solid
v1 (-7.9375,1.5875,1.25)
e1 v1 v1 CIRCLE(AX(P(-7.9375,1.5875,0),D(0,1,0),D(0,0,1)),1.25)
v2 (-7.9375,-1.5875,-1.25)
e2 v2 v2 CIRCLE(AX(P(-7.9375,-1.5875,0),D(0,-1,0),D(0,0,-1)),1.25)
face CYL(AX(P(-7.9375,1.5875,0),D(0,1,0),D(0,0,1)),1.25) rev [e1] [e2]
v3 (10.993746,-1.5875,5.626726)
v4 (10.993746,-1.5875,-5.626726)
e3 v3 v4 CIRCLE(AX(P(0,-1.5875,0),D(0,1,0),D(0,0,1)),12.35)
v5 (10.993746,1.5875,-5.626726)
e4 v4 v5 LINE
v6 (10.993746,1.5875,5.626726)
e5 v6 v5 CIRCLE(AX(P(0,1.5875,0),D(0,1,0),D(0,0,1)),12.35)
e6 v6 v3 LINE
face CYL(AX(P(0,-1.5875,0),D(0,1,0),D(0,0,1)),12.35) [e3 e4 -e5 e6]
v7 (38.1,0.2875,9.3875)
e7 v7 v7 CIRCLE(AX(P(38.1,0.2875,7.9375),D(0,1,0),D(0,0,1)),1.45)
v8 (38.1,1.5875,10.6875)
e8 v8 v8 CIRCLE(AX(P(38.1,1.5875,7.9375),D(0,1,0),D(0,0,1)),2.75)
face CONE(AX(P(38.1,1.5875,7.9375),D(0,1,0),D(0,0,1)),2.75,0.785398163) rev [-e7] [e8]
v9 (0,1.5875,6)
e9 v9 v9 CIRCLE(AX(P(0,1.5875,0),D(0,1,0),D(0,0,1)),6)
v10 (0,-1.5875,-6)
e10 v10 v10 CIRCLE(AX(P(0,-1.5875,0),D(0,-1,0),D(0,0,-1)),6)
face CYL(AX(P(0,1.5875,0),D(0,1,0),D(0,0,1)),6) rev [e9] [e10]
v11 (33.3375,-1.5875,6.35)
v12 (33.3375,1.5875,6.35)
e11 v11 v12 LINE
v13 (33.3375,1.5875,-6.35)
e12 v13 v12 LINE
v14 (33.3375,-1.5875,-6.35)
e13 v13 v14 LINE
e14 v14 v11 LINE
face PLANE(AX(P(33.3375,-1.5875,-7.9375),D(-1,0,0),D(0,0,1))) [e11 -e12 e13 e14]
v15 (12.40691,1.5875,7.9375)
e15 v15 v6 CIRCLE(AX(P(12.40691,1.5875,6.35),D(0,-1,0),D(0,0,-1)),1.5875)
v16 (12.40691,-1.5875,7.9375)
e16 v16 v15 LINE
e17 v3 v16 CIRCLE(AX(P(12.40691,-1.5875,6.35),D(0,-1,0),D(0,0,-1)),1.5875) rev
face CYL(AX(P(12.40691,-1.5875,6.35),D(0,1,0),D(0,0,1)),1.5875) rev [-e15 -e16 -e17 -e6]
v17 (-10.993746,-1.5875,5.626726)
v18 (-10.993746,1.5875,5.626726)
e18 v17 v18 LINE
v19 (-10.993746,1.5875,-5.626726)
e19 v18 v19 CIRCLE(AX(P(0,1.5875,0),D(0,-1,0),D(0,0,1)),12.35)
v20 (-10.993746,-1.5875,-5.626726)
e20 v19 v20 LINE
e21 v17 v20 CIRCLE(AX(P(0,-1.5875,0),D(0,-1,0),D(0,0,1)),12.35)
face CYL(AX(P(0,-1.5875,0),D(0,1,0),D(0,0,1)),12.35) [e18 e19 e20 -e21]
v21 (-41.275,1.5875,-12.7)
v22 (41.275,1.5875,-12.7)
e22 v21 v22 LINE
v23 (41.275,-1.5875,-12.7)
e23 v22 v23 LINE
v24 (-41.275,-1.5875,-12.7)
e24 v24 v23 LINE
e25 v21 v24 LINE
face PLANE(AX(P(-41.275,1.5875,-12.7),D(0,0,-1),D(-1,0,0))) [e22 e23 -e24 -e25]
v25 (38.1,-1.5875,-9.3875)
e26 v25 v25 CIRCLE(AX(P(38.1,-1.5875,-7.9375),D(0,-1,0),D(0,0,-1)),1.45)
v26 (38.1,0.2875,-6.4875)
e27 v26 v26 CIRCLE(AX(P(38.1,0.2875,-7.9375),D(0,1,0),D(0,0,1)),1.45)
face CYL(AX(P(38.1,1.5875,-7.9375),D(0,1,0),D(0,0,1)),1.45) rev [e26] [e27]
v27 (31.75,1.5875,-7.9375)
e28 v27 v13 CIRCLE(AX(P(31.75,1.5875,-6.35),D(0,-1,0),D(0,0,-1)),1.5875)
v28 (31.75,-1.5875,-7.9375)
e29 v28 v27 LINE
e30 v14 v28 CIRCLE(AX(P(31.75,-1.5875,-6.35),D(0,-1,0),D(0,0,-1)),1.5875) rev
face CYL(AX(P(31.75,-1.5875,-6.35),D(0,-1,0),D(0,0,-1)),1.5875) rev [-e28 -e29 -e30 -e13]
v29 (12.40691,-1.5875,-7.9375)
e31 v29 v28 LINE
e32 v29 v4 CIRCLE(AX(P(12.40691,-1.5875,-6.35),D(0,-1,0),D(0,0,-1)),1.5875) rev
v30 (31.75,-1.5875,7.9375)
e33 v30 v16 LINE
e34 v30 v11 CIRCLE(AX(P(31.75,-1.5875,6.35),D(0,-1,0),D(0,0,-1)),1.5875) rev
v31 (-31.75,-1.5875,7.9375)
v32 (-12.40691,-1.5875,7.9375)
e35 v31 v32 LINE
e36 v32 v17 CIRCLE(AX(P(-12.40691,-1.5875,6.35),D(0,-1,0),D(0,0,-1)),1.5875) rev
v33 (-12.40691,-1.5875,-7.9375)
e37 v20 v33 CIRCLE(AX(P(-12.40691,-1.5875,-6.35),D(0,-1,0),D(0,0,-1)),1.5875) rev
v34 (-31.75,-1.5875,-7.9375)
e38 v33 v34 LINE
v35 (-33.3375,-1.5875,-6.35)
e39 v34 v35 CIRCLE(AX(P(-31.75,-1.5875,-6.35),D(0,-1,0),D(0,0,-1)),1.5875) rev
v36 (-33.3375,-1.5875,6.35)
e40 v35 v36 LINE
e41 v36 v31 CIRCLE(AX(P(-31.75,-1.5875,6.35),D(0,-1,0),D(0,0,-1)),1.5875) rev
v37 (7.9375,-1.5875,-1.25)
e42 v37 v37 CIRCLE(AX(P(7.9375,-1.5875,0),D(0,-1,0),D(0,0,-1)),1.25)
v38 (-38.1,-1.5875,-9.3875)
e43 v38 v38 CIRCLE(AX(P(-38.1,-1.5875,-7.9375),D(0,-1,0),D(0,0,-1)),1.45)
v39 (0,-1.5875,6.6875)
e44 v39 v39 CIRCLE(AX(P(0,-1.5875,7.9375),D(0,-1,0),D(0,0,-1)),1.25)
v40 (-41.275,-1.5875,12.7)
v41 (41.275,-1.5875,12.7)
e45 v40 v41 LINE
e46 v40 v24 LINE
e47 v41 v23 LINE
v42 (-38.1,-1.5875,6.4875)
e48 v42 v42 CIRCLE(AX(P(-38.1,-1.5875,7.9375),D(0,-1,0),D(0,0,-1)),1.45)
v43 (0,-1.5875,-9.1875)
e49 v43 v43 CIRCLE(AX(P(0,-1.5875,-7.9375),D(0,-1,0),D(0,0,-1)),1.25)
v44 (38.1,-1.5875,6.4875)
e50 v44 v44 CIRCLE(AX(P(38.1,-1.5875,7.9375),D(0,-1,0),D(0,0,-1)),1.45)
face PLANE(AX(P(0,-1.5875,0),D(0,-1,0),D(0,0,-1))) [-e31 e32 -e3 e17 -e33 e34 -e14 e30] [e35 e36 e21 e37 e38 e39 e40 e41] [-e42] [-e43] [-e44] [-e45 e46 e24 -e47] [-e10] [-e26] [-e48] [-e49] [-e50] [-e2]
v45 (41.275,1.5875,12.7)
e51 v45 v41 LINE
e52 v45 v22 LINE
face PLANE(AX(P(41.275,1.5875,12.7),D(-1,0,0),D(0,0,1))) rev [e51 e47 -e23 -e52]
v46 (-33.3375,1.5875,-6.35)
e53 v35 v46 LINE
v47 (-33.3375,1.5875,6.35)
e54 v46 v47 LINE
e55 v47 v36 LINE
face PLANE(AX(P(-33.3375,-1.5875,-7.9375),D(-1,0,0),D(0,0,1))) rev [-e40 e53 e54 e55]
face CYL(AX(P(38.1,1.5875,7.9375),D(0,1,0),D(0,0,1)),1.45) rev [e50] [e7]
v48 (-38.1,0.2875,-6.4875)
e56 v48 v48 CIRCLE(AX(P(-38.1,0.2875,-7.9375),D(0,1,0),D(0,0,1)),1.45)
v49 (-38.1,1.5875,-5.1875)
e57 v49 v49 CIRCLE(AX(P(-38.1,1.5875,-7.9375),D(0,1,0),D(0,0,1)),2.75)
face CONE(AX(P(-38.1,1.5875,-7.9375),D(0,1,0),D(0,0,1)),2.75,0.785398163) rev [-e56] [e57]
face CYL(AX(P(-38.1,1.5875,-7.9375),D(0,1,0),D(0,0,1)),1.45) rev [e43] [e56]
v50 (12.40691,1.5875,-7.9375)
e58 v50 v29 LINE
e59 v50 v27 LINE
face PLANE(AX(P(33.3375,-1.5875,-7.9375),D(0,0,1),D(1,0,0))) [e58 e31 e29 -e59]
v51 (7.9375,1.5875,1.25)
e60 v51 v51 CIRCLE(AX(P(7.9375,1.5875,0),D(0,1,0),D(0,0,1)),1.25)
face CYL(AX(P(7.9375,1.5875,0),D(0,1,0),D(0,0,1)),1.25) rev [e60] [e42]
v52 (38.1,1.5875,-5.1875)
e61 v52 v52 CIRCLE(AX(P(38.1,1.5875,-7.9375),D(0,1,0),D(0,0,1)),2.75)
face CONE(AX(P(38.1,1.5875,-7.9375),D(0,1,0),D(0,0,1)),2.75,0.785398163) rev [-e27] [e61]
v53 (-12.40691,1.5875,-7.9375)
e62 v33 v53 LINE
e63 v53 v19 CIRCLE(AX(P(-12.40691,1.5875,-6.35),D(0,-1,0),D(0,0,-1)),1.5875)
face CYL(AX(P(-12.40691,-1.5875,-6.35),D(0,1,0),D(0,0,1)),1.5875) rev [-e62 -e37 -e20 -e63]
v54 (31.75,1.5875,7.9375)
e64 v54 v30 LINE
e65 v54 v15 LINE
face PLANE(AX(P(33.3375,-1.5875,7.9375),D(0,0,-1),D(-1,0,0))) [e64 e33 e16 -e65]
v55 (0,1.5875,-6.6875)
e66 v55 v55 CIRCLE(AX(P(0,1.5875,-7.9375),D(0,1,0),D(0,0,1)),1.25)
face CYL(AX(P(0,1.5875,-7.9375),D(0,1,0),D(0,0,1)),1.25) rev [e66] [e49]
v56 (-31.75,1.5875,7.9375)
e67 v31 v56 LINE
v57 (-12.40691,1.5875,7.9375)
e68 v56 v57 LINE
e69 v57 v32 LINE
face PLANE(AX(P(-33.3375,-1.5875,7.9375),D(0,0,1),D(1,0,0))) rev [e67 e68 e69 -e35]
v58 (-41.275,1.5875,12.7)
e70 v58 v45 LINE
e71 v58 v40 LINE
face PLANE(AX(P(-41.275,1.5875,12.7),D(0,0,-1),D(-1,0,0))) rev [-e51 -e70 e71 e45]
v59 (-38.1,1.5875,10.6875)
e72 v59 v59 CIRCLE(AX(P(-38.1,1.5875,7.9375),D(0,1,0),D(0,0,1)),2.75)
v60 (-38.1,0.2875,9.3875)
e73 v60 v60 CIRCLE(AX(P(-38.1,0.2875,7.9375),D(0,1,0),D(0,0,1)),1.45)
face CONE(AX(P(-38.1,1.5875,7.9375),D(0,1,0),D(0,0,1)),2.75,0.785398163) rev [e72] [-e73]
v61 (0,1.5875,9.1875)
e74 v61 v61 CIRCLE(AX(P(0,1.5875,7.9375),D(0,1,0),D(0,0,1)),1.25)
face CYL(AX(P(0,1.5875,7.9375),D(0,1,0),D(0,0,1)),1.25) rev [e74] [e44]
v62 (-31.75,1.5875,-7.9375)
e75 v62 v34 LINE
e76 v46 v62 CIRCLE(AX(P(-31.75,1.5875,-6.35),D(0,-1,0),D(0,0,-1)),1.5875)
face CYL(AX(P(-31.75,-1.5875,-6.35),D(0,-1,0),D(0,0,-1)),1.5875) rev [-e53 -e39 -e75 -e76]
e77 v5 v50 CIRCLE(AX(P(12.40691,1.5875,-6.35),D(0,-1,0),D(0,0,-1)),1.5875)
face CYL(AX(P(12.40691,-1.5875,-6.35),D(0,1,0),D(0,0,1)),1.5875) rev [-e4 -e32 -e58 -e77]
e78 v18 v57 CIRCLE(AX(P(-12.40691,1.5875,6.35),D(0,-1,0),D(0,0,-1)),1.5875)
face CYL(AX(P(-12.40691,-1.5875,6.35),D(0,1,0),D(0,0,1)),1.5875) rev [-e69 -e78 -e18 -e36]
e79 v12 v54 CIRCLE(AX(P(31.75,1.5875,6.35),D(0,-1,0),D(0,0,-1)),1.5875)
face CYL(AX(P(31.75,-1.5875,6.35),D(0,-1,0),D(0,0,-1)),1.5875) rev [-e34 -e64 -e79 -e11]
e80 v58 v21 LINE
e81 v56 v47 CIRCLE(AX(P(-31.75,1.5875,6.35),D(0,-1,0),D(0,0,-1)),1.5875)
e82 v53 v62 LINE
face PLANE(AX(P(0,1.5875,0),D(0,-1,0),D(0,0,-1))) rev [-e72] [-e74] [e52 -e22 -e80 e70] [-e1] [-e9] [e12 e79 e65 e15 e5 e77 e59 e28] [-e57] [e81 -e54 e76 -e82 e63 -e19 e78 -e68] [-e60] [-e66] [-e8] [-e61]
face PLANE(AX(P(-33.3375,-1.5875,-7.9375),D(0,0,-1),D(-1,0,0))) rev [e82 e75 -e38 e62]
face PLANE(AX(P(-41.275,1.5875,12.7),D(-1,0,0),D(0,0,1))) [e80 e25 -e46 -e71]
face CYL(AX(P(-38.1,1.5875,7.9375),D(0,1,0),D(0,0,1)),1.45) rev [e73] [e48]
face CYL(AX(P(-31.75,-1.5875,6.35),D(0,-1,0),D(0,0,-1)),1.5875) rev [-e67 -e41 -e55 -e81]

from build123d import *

# Parameters (mm, degrees)
SKETCH1_W                                         = 82.55
SKETCH1_H                                         = 25.4
BOSS_EXTRUDE1_DEPTH                               = 1.5875
F_12_0MM_DOWEL_HOLE1_D                            = 12
M3X0_5_TAPPED_HOLE1_D                             = 2.5
CSK_FOR_M2_5_FLAT_HEAD_MACHINE_SCREW1_D           = 2.9
CSK_FOR_M2_5_FLAT_HEAD_MACHINE_SCREW1_CSINK_D     = 5.5
CSK_FOR_M2_5_FLAT_HEAD_MACHINE_SCREW1_CSINK_ANGLE = 90
CUT_EXTRUDE1_DEPTH                                = 44.301226888
FILLET1_R                                         = 1.5875


with BuildPart() as part:
    # Sketch1 → Boss-Extrude1 (new, symmetric)
    with BuildSketch(Plane(origin=(0, 0, 0), x_dir=(1, 0, 0), z_dir=(0, 1, 0))):
        Rectangle(SKETCH1_W, SKETCH1_H)
    extrude(amount=BOSS_EXTRUDE1_DEPTH, both=True)

    # Ø12.0mm Dowel Hole1 (through all)
    with Locations(Plane(origin=(0, 1.5875, 0), x_dir=(1, 0, 0), z_dir=(0, 1, 0))):
        with Locations((0, 0)):
            Hole(F_12_0MM_DOWEL_HOLE1_D / 2)

    # M3x0.5 Tapped Hole1 (through all)
    with Locations(Plane(origin=(0, 1.5875, 0), x_dir=(1, 0, 0), z_dir=(0, 1, 0))):
        with Locations((0, 7.9375), (-7.9375, 0), (7.9375, 0), (0, -7.9375)):
            Hole(M3X0_5_TAPPED_HOLE1_D / 2)

    # CSK for M2.5 Flat Head Machine Screw1 (through all)
    with Locations(Plane(origin=(0, 1.5875, 0), x_dir=(1, 0, 0), z_dir=(0, 1, 0))):
        with Locations((-38.1, 7.9375), (-38.1, -7.9375)):
            csk_for_m2_5_flat_head_machine_screw1 = CounterSinkHole(CSK_FOR_M2_5_FLAT_HEAD_MACHINE_SCREW1_D / 2, CSK_FOR_M2_5_FLAT_HEAD_MACHINE_SCREW1_CSINK_D / 2, counter_sink_angle=CSK_FOR_M2_5_FLAT_HEAD_MACHINE_SCREW1_CSINK_ANGLE)

    # Mirror1: CSK for M2.5 Flat Head Machine Screw1 across plane
    add(csk_for_m2_5_flat_head_machine_screw1.mirror(Plane(origin=(0, 0, 0), x_dir=(0, 0, 1), z_dir=(1, 0, 0))), mode=Mode.SUBTRACT)

    # Sketch14 → Cut-Extrude1 (cut, through all)
    with BuildSketch(Plane(origin=(0, 1.5875, 0), x_dir=(1, 0, 0), z_dir=(0, 1, 0))):
        with BuildLine():
            Line((-33.3375, 7.9375), (-33.3375, -7.9375))
            Line((-33.3375, -7.9375), (-9.461426623, -7.9375))
            ThreePointArc((-9.461426623, -7.9375), (-12.35, 0), (-9.461426623, 7.9375))
            Line((-9.461426623, 7.9375), (-33.3375, 7.9375))
        make_face()
    cut_extrude1 = extrude(amount=-CUT_EXTRUDE1_DEPTH, mode=Mode.SUBTRACT)

    # Mirror2: Cut-Extrude1 across plane
    add(cut_extrude1.mirror(Plane(origin=(0, 0, 0), x_dir=(0, 0, 1), z_dir=(1, 0, 0))), mode=Mode.SUBTRACT)

    # Fillet1
    fillet1_edges = [part.edges().sort_by_distance(p)[0] for p in [
        (-33.3375, 0, -7.9375),
        (-9.461426623, 0, -7.9375),
        (-9.461426623, 0, 7.9375),
        (-33.3375, 0, 7.9375),
        (9.461426623, 0, -7.9375),
        (33.3375, 0, -7.9375),
        (33.3375, 0, 7.9375),
        (9.461426623, 0, 7.9375),
    ]]
    fillet(fillet1_edges, radius=FILLET1_R)


solid = part.part
